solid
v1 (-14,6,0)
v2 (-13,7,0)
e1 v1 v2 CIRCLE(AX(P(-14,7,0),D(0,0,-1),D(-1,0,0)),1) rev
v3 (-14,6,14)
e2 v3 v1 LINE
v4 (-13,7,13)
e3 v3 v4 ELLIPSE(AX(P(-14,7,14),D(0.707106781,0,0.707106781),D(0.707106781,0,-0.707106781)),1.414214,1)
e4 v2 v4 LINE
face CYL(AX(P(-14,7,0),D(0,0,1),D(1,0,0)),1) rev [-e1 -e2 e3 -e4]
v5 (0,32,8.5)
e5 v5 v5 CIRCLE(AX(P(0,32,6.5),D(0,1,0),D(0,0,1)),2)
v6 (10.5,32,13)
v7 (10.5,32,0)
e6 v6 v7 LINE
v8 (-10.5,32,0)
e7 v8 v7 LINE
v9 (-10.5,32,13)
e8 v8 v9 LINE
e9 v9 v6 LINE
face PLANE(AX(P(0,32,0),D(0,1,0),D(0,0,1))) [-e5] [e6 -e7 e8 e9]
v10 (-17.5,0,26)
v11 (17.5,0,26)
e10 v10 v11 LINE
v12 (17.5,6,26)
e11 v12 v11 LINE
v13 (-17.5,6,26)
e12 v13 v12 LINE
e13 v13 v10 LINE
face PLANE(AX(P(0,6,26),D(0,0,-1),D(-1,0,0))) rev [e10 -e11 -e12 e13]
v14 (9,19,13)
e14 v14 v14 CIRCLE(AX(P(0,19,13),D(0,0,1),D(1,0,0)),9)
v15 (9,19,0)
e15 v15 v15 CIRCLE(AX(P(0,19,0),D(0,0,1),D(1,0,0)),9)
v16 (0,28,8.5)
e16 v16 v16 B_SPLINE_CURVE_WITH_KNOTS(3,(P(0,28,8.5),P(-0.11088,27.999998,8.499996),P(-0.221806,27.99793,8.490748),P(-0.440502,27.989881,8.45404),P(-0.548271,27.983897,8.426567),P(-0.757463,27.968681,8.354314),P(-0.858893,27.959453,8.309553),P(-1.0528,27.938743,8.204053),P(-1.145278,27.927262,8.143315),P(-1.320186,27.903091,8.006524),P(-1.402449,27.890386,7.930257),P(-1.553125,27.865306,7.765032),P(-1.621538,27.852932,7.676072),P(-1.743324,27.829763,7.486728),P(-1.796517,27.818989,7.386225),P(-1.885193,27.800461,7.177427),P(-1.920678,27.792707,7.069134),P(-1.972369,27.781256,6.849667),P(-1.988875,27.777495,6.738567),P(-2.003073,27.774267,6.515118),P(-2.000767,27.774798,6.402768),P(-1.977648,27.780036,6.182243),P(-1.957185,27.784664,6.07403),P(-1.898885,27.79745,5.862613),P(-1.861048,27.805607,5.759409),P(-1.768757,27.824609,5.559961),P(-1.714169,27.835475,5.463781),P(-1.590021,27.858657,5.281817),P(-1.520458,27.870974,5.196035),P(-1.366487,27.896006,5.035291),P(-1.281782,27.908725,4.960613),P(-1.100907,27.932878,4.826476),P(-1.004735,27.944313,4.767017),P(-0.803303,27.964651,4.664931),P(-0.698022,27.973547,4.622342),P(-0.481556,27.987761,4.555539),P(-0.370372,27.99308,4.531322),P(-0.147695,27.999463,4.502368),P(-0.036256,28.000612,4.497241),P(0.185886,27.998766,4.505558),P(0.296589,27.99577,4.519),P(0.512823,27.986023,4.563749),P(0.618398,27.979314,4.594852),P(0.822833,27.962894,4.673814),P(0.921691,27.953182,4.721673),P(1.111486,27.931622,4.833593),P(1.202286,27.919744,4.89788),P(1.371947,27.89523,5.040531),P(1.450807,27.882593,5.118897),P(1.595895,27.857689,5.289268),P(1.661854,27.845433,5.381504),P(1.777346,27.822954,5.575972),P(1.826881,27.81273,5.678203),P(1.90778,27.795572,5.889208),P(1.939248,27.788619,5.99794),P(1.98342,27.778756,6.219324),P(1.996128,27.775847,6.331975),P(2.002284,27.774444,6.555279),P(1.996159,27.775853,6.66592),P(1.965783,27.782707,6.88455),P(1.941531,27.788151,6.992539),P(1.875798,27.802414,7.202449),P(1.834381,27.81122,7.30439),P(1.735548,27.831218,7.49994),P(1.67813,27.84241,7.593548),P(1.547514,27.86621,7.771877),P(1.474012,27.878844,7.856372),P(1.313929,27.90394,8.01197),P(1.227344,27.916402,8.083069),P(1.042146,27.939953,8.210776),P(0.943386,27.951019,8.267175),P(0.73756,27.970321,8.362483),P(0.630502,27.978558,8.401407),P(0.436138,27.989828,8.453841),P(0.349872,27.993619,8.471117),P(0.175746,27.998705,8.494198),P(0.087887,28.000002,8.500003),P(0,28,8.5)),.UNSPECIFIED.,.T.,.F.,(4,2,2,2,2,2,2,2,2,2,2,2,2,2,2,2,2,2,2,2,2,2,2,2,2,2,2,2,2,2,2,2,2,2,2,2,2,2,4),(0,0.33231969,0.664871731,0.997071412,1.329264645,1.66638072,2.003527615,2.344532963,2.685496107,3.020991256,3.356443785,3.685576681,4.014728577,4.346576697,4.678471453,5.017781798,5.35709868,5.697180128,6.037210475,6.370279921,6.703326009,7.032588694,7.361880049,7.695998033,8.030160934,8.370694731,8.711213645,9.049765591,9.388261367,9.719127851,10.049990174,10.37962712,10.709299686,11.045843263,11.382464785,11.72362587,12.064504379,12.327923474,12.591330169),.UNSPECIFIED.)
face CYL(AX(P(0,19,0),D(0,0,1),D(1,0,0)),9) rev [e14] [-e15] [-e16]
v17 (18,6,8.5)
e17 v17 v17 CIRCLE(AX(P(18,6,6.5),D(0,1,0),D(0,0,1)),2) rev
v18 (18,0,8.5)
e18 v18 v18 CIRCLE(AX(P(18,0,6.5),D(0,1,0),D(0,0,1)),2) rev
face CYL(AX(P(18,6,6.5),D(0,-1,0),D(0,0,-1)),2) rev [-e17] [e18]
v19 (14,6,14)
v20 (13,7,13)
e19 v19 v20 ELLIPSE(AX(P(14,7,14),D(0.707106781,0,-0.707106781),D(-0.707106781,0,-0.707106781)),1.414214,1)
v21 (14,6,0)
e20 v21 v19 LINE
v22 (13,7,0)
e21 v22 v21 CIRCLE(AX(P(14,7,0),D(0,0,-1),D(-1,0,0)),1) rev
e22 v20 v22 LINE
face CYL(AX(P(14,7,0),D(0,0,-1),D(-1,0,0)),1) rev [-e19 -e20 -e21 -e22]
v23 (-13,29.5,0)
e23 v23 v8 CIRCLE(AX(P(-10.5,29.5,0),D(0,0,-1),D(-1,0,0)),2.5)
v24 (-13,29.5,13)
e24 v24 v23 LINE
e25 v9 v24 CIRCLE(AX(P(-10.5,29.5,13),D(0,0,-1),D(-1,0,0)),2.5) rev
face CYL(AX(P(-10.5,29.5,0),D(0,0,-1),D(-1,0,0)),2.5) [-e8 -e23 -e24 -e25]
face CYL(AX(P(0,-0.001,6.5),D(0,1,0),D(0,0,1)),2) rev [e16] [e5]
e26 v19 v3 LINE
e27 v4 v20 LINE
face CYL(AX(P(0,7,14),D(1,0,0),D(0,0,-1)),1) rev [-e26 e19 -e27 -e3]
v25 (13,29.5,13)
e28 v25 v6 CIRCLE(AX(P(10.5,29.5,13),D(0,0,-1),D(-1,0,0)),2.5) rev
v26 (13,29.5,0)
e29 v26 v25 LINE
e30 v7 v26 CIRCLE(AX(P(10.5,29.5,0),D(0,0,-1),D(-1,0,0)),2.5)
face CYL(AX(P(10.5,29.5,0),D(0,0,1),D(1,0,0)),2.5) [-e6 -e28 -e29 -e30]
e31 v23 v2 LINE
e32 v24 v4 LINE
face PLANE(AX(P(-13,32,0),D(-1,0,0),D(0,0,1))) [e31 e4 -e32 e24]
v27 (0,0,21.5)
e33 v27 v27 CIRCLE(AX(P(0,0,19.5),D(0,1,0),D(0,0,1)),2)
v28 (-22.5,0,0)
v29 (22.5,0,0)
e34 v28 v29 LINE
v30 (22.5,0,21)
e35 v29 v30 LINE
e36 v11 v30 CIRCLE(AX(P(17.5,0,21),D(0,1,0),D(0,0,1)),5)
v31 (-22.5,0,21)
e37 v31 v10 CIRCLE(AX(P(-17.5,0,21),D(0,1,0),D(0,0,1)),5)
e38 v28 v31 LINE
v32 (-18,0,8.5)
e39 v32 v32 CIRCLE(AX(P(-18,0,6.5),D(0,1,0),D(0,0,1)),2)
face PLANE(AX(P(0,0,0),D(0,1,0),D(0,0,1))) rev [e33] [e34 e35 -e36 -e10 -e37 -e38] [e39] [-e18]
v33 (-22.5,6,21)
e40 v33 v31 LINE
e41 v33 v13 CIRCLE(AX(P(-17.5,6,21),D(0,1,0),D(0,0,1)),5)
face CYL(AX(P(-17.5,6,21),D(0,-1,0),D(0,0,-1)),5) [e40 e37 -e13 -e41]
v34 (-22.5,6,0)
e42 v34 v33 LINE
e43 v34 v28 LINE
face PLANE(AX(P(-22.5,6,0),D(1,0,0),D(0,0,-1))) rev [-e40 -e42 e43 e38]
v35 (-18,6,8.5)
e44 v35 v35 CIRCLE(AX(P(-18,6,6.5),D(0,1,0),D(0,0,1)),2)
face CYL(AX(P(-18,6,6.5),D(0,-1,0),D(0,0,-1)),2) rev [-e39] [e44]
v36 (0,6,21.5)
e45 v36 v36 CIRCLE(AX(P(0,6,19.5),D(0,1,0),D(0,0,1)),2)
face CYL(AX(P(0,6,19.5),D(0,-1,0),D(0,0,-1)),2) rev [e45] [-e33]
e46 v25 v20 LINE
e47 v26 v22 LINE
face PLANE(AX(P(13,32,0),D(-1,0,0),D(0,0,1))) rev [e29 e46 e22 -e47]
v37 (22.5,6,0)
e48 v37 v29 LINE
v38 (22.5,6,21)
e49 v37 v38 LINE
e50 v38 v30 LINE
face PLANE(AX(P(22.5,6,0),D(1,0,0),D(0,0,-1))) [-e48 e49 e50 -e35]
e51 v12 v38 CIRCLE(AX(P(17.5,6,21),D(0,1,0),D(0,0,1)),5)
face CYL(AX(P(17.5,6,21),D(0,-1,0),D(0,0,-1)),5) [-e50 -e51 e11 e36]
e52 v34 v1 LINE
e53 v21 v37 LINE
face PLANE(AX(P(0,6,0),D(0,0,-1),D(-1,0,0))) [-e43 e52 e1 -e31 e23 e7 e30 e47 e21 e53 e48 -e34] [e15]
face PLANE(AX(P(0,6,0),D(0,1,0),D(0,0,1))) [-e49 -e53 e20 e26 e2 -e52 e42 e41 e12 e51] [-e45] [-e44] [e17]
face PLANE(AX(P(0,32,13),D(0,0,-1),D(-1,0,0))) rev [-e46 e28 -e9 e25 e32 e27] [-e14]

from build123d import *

# Parameters (mm, degrees)
SKETCH1_R               = 2
BOSS_EXTRUDE1_DEPTH     = 6
SKETCH1_3_W             = 26
SKETCH1_3_H             = 13
BOSS_EXTRUDE2_DEPTH     = 32
FILLET1_R               = 2.5
SKETCH2_R               = 9
CUT_EXTRUDE1_DEPTH      = 42.221960167
CUT_EXTRUDE2_REACH      = 48.971
CUT_EXTRUDE2_END_RADIUS = 9
SKETCH3_R               = 2
FILLET2_R               = 1


with BuildPart() as part:
    # Sketch1 → Boss-Extrude1 (new body)
    with BuildSketch(Plane(origin=(0, 0, 0), x_dir=(1, 0, 0), z_dir=(0, 1, 0))):
        with BuildLine():
            Line((-13, 0), (-22.5, 0))
            Line((-22.5, 0), (-22.5, -21))
            ThreePointArc((-22.5, -21), (-21.035533906, -24.535533906), (-17.5, -26))
            Line((-17.5, -26), (17.5, -26))
            ThreePointArc((17.5, -26), (21.035533906, -24.535533906), (22.5, -21))
            Line((22.5, -21), (22.5, 0))
            Line((22.5, 0), (13, 0))
            Line((13, 0), (13, -13))
            Line((13, -13), (-13, -13))
            Line((-13, -13), (-13, 0))
        make_face()
        with Locations(Location((0, -19.5, 0), (0, 0, 270))):
            Circle(SKETCH1_R, mode=Mode.SUBTRACT)
        with Locations(Location((-18, -6.5, 0), (0, 0, 270))):
            Circle(SKETCH1_R, mode=Mode.SUBTRACT)
        with Locations(Location((18, -6.5, 0), (0, 0, 270))):
            Circle(SKETCH1_R, mode=Mode.SUBTRACT)
    extrude(amount=BOSS_EXTRUDE1_DEPTH)

    # Sketch1<3> → Boss-Extrude2 (add)
    with BuildSketch(Plane(origin=(0, 0, 0), x_dir=(1, 0, 0), z_dir=(0, 1, 0))):
        with Locations((0, -6.5)):
            Rectangle(SKETCH1_3_W, SKETCH1_3_H)
    extrude(amount=BOSS_EXTRUDE2_DEPTH)

    # Fillet1
    fillet1_edges = [part.edges().sort_by_distance(p)[0] for p in [
        (-13, 32, 6.5),
        (13, 32, 6.5),
    ]]
    fillet(fillet1_edges, radius=FILLET1_R)

    # Sketch2 → Cut-Extrude1 (cut, through all)
    with BuildSketch(Plane.XY.offset(13)):
        with Locations((0, 19)):
            Circle(SKETCH2_R)
    extrude(amount=-CUT_EXTRUDE1_DEPTH, mode=Mode.SUBTRACT)

    # Cut-Extrude2: up to this cylinder (the profile starts outside it)
    cut_extrude2_end = Plane(origin=(0, 19, 6.5), z_dir=(0, 0, 1)) * Cylinder(CUT_EXTRUDE2_END_RADIUS, 116.942, mode=Mode.PRIVATE)
    # Sketch3 → Cut-Extrude2 (cut, up to the surface)
    with BuildSketch(Plane(origin=(0, 32, 0), x_dir=(1, 0, 0), z_dir=(0, 1, 0)), mode=Mode.PRIVATE) as cut_extrude2_sk1:
        with Locations(Location((0, -6.5, 0), (0, 0, 270))):
            Circle(SKETCH3_R)
    cut_extrude2_tool1 = extrude(cut_extrude2_sk1.sketch, amount=-CUT_EXTRUDE2_REACH, mode=Mode.PRIVATE) - cut_extrude2_end
    add(cut_extrude2_tool1.solids().sort_by_distance((0, 32, 6.5))[0], mode=Mode.SUBTRACT)

    # Fillet2
    fillet2_edges = [part.edges().sort_by_distance(p)[0] for p in [
        (13, 6, 6.5),
        (0, 6, 13),
        (-13, 6, 6.5),
    ]]
    fillet(fillet2_edges, radius=FILLET2_R)


solid = part.part
